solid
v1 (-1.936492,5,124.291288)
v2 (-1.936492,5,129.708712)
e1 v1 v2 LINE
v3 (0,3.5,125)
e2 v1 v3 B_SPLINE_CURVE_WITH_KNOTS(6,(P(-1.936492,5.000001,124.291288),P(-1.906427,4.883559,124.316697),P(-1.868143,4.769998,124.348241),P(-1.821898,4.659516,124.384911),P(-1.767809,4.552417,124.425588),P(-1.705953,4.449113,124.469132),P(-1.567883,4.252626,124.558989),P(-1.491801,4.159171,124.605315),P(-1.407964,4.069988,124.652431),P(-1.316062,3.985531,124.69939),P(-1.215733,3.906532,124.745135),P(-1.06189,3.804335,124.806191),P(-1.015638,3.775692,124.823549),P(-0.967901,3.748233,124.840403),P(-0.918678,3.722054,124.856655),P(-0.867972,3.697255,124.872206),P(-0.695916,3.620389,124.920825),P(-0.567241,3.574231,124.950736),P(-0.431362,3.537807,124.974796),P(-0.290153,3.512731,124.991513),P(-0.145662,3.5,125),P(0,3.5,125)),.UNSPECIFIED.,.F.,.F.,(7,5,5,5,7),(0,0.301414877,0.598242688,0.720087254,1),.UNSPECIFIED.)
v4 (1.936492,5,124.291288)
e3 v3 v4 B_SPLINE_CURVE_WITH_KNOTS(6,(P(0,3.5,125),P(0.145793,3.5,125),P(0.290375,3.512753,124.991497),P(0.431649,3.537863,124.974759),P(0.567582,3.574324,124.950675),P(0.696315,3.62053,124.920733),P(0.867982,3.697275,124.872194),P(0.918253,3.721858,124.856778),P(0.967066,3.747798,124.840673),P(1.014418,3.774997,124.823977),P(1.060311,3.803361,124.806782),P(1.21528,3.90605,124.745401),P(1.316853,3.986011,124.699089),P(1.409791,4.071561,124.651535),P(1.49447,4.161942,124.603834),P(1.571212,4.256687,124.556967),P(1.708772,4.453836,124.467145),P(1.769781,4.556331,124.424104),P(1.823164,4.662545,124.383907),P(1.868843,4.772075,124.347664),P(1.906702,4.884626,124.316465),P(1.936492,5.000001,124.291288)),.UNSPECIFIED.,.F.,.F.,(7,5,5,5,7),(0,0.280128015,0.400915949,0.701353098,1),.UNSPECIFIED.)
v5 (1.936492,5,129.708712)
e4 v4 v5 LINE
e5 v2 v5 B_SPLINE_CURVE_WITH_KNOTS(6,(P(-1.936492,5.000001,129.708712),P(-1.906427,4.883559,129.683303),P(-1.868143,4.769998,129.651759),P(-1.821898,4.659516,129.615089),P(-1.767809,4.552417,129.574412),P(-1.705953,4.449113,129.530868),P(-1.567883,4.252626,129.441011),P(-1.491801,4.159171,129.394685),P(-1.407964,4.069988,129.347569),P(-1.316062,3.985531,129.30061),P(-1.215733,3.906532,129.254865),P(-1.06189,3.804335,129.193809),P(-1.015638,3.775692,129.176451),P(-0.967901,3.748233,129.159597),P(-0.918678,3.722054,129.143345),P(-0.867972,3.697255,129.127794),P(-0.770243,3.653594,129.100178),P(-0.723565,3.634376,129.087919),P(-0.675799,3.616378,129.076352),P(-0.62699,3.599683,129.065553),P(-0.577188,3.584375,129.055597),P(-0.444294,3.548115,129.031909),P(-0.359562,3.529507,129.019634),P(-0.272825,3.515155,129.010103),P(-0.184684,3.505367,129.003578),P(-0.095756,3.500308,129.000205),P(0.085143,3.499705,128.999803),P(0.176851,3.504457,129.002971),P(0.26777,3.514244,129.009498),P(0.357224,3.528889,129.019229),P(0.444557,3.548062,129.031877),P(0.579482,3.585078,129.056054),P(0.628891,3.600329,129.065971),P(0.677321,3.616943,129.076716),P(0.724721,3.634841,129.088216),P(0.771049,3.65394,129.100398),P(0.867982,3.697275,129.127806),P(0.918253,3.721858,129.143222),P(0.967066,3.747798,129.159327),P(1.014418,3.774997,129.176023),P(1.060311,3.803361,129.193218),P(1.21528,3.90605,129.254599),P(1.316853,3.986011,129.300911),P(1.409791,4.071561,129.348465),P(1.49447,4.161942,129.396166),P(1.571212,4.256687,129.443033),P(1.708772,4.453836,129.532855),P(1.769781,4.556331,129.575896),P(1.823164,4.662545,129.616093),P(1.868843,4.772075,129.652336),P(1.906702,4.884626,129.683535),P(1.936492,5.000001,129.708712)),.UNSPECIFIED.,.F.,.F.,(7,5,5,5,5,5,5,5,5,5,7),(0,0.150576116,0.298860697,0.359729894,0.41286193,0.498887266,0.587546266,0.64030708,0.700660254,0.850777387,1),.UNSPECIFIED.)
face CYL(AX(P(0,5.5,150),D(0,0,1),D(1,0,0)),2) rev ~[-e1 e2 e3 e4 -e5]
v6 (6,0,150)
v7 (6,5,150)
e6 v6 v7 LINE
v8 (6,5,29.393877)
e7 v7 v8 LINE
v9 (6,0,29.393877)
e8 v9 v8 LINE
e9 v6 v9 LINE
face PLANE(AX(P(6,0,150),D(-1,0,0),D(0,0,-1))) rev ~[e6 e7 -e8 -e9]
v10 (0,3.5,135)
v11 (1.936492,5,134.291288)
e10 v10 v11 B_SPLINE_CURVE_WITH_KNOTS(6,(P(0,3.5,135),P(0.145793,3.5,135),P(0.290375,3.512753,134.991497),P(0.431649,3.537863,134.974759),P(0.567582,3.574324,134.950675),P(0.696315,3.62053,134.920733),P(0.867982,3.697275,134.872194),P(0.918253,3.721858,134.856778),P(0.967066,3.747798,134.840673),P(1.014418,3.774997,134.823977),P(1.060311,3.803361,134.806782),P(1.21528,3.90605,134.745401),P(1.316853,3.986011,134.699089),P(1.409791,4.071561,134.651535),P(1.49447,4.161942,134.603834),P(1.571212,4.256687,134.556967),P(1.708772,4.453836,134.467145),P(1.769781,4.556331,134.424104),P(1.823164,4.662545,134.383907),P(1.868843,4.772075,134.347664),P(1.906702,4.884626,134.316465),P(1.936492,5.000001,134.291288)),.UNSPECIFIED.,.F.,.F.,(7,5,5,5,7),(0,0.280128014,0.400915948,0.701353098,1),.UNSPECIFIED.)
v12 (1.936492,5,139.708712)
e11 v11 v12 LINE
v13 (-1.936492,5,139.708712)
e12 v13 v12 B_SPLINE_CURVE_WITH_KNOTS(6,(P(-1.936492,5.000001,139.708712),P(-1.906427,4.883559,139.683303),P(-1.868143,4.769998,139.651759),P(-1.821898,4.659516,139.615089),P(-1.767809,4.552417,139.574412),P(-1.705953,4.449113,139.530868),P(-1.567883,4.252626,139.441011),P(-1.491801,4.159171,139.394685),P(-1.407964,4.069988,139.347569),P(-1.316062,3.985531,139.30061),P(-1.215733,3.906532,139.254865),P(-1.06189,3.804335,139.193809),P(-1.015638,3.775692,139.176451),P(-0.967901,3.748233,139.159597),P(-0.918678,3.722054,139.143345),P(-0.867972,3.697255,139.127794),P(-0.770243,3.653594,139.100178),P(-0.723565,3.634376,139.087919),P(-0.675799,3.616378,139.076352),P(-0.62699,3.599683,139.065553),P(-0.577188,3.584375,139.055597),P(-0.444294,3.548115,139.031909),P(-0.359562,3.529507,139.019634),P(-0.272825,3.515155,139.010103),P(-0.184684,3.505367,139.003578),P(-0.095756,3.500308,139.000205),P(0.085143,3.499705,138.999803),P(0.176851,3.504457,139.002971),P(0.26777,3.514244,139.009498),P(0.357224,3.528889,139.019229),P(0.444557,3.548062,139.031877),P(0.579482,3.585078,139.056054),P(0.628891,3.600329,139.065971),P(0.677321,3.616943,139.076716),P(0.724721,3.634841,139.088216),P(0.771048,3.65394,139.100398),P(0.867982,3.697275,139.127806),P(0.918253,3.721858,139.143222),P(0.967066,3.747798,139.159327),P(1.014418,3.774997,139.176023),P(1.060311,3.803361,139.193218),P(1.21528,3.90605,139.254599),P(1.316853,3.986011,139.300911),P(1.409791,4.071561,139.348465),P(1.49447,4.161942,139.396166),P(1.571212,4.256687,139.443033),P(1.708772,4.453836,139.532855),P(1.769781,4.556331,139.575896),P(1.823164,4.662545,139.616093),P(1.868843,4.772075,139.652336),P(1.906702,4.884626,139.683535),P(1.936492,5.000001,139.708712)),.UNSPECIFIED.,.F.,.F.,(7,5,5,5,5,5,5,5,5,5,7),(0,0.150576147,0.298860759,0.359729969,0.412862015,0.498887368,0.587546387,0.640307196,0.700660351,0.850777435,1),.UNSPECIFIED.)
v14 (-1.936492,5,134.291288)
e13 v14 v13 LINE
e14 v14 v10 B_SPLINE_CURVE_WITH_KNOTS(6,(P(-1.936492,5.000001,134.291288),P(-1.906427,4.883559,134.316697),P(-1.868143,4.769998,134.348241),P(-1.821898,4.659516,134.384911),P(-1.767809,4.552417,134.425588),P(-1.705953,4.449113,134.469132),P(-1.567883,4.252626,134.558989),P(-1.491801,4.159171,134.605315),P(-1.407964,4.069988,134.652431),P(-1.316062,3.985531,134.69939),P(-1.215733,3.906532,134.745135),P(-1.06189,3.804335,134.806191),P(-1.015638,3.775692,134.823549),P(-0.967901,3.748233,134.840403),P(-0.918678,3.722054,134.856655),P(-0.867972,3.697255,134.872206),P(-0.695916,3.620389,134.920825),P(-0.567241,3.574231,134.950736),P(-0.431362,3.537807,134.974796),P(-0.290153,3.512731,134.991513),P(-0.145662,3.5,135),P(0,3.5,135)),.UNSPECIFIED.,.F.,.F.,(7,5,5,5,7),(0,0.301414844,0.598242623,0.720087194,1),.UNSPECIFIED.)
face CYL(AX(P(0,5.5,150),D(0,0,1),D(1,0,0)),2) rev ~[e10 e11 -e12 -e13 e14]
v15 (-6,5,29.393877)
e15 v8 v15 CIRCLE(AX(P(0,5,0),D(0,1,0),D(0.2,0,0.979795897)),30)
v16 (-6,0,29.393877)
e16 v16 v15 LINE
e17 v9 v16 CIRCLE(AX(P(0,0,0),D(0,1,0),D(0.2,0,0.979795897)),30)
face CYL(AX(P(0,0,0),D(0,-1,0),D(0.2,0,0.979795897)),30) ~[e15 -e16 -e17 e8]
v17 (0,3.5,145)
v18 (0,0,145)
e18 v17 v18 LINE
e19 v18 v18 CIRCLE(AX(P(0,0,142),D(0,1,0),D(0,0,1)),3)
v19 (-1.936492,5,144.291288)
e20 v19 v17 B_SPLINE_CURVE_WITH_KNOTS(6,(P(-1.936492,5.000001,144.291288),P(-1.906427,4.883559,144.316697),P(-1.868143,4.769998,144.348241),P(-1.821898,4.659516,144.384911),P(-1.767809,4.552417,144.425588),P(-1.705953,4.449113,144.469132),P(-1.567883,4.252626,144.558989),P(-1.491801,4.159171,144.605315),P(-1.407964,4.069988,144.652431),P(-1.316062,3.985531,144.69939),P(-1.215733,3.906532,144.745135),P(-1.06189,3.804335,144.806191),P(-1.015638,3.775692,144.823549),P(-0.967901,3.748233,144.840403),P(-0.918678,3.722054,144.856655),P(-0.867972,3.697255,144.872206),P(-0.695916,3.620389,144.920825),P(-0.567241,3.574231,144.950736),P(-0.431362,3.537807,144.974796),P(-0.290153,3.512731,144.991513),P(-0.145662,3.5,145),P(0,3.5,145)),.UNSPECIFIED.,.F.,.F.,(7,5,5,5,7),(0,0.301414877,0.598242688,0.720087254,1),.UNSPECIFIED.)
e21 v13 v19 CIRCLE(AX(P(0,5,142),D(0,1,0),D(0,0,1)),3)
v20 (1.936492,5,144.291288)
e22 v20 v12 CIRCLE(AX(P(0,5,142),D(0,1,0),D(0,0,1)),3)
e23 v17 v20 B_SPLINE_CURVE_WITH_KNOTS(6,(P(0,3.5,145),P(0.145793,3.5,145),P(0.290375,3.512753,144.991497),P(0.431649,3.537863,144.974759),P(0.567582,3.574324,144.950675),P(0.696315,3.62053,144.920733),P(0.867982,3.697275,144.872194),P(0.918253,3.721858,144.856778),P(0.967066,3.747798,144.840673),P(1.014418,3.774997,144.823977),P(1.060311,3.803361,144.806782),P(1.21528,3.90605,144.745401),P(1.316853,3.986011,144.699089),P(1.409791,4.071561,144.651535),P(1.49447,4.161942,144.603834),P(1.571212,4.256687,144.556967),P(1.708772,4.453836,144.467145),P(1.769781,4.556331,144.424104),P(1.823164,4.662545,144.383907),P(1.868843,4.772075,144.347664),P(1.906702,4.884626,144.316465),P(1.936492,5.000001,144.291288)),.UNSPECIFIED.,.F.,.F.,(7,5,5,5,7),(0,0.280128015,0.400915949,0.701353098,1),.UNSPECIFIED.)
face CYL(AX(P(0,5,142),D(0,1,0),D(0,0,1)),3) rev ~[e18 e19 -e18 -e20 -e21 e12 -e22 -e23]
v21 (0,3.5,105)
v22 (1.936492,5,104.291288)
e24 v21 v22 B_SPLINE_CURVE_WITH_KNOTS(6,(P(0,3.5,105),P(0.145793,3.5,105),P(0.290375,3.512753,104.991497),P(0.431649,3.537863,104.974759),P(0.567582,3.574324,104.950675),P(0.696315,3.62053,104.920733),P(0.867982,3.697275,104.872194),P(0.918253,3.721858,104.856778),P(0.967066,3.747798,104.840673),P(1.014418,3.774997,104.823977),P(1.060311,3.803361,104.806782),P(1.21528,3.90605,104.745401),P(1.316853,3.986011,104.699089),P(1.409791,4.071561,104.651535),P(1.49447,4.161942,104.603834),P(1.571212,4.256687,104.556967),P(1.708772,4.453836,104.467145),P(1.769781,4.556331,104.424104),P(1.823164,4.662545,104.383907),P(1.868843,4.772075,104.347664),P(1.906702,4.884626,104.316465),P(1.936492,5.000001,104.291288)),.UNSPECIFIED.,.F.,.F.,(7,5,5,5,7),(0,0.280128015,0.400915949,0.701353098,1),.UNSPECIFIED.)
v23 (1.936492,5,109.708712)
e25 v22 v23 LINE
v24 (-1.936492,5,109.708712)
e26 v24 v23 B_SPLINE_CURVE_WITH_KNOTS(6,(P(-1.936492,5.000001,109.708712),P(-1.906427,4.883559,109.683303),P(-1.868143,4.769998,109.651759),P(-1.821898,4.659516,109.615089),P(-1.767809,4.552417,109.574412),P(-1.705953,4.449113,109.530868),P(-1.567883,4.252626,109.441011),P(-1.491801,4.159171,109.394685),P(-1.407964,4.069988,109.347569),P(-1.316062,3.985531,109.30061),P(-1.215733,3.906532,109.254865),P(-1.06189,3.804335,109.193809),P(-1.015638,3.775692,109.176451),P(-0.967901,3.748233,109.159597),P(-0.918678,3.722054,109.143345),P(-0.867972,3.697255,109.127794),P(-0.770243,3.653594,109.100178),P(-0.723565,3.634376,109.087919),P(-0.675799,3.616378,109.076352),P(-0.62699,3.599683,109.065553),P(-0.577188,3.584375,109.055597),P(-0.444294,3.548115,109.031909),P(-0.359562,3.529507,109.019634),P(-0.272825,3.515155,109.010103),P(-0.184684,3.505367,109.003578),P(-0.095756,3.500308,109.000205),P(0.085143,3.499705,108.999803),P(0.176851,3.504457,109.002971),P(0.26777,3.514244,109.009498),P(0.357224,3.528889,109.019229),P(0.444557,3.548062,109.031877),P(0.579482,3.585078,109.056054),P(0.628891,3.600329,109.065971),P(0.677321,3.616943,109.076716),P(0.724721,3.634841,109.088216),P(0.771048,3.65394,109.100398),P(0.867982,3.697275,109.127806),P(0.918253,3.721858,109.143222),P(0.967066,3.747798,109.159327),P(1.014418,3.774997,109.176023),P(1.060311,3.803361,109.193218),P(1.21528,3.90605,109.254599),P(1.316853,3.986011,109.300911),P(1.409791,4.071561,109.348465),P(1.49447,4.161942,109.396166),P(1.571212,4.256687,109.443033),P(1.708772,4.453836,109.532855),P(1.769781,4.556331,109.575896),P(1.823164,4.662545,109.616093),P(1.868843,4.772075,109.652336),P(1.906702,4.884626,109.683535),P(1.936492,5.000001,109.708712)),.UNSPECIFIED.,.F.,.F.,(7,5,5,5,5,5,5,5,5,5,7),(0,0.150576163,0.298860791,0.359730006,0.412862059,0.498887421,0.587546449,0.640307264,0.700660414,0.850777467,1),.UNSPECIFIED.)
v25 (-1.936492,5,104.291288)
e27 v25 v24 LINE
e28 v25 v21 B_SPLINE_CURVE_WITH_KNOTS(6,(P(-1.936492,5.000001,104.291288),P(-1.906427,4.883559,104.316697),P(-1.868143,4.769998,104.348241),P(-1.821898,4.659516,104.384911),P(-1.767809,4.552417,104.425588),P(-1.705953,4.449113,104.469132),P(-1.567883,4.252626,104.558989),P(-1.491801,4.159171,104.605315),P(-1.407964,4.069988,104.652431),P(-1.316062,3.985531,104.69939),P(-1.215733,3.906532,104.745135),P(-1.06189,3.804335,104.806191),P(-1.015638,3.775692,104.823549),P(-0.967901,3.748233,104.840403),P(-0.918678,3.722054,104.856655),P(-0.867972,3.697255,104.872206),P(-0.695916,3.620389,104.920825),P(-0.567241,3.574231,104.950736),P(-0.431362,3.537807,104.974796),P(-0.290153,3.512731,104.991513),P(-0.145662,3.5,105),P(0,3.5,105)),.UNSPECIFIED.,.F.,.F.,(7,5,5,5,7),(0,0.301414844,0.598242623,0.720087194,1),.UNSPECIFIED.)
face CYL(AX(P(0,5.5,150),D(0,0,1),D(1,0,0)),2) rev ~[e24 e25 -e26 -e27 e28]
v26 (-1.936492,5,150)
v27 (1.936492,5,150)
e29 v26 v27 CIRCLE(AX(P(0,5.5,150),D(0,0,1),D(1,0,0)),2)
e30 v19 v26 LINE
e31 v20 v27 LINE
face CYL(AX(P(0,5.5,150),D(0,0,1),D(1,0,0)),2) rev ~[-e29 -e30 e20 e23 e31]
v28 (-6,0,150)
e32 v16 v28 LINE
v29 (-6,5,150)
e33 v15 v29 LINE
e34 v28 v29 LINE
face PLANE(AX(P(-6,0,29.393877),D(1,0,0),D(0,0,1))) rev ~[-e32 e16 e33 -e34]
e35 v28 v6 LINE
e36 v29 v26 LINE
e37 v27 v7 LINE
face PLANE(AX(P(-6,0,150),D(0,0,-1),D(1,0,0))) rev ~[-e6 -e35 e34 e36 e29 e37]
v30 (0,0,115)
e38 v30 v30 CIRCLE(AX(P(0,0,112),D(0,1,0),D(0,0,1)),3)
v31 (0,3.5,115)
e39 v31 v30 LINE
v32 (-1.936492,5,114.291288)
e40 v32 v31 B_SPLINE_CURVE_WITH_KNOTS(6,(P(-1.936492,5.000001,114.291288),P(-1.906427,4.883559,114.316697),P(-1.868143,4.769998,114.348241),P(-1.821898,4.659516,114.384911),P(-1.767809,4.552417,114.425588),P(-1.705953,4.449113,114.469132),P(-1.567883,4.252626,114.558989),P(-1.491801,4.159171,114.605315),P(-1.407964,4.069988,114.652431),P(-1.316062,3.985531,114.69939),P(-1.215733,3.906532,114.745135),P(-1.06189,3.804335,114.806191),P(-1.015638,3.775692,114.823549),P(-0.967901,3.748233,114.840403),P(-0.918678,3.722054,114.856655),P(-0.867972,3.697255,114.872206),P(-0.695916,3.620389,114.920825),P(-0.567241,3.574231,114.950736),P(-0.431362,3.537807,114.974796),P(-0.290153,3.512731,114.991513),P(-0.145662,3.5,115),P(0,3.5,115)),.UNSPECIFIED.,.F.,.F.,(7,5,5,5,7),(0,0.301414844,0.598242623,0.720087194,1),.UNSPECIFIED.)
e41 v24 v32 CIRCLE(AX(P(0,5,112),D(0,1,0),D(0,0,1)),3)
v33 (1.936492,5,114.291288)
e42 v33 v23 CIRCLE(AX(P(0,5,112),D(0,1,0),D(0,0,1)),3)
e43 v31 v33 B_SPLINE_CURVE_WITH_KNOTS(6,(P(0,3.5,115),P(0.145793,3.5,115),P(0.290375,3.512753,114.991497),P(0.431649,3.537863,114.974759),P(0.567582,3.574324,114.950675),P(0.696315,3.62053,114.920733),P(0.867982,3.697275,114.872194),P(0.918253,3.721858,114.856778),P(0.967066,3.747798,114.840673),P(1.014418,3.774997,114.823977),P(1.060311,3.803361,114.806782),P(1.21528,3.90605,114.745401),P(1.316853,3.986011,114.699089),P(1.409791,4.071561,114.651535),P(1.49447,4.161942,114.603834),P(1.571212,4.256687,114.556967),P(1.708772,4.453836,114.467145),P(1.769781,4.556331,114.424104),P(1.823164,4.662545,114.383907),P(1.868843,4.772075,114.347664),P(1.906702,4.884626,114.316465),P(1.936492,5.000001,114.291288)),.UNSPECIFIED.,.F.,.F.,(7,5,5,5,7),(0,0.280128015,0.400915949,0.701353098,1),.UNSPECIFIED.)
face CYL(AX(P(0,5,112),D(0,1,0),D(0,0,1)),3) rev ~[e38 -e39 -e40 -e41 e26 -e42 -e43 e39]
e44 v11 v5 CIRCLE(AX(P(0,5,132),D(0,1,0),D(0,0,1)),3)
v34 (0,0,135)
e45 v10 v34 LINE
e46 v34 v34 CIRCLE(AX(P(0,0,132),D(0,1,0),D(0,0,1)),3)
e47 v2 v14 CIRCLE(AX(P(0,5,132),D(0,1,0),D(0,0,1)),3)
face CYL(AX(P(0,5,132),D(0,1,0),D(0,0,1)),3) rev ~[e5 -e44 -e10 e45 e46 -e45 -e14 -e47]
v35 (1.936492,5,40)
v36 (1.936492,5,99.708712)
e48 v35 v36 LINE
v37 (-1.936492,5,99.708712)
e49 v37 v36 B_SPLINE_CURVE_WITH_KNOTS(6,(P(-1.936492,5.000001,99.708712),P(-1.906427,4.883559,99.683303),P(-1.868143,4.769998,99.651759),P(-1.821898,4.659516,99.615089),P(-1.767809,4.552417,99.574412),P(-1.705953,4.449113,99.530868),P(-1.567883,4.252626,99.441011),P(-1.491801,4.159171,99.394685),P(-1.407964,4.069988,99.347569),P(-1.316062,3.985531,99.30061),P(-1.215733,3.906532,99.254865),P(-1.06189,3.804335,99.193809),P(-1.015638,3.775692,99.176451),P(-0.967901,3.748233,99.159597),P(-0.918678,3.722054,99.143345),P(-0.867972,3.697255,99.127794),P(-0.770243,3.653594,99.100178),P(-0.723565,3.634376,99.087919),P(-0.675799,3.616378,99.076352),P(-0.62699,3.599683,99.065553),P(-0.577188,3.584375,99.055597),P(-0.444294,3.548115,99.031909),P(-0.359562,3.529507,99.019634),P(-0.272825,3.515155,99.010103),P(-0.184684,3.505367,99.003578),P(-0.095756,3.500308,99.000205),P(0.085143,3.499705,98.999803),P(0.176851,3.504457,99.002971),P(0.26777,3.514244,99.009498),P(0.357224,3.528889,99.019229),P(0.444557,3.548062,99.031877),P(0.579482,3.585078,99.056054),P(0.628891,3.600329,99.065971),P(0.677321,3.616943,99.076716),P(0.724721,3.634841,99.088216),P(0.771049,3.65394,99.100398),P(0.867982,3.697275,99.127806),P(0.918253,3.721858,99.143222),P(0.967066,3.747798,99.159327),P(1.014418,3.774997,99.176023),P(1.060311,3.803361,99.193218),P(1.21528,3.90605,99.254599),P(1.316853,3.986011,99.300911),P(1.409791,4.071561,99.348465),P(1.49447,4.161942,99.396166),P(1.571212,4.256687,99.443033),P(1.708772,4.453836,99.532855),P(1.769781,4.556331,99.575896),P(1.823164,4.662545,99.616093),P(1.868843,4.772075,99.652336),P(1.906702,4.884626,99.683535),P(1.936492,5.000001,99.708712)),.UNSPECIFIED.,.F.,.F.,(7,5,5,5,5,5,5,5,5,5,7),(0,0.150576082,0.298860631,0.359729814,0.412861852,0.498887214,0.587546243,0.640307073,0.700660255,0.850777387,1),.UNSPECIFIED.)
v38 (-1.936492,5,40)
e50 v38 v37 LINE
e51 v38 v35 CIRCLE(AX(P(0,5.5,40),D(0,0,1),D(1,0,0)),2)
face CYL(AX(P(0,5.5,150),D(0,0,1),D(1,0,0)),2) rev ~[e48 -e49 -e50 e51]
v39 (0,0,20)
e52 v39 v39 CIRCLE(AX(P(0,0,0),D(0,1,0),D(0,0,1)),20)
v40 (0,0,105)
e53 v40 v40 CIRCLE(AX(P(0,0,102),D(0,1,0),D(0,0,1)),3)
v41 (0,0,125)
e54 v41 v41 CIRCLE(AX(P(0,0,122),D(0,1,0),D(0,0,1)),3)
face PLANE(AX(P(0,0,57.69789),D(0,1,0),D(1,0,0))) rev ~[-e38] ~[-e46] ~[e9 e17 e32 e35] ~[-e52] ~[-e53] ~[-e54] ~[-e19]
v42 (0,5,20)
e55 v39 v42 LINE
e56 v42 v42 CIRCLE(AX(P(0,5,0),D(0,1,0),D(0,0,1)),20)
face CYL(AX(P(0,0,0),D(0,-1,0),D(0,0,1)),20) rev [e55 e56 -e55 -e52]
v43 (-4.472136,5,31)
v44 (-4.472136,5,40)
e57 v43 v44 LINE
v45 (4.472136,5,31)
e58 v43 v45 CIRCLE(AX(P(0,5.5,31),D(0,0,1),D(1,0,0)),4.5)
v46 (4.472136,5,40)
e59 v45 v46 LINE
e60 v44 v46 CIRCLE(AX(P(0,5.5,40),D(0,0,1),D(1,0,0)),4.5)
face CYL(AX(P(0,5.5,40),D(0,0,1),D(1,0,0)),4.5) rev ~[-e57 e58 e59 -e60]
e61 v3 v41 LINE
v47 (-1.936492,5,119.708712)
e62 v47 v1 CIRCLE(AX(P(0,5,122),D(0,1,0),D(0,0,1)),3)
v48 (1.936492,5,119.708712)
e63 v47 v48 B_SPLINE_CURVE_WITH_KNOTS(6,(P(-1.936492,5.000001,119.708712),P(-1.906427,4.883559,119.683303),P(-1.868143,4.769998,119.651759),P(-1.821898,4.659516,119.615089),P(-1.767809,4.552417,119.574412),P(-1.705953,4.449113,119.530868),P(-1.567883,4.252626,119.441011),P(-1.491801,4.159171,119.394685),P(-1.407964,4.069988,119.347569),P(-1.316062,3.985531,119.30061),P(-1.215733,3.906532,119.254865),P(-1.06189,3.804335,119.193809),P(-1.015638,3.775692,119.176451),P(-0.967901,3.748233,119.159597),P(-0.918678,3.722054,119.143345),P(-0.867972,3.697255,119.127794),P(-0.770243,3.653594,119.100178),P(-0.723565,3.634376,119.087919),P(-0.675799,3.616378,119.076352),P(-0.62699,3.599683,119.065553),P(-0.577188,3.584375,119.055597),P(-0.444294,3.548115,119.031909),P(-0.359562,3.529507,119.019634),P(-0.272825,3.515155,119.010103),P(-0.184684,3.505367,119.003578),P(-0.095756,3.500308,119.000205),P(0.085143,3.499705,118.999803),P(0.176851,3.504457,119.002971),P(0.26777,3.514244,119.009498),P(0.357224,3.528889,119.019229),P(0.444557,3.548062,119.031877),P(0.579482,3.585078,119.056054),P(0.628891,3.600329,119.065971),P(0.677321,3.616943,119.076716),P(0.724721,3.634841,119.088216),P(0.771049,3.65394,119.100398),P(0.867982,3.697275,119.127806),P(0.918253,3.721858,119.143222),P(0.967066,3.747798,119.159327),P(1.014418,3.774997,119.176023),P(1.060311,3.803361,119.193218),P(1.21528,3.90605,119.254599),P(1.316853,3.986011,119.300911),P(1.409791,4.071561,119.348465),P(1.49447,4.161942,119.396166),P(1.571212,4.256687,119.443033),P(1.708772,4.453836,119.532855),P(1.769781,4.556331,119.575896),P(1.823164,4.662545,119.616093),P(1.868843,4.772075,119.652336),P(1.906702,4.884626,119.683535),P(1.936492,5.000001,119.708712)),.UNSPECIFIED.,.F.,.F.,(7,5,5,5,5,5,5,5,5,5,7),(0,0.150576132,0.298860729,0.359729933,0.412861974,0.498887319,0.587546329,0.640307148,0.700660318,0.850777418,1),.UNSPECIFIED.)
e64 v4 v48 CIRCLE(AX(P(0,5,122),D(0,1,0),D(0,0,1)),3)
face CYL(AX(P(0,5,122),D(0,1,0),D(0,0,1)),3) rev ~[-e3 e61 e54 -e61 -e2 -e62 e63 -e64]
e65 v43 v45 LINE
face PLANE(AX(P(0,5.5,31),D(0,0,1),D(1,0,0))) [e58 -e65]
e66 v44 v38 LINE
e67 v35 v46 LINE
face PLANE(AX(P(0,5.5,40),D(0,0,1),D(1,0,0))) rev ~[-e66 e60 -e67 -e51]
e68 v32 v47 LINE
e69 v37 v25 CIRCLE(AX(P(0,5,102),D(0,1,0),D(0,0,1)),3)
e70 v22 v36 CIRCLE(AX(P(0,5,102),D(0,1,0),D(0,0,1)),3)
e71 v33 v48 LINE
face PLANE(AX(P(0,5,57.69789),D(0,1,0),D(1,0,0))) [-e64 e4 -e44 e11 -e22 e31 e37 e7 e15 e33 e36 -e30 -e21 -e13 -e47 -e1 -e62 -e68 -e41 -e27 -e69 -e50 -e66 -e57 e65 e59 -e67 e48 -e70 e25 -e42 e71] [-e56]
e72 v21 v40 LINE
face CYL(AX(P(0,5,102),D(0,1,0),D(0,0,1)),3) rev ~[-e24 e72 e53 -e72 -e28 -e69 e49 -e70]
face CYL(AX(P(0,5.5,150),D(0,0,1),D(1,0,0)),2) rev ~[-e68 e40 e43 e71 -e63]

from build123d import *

# Parameters (mm, degrees)
SKETCH1_R           = 20
BOSS_EXTRUDE1_DEPTH = 5
SKETCH2_R           = 3
CUT_EXTRUDE1_DEPTH  = 10
LPATTERN1_COUNT     = 5
LPATTERN1_PITCH     = 10
SKETCH3_R           = 2
CUT_EXTRUDE2_DEPTH  = 116
CUT_EXTRUDE3_START  = -110
SKETCH4_R           = 4.5
CUT_EXTRUDE3_DEPTH  = 9


with BuildPart() as part:
    # Sketch1 → Boss-Extrude1 (new body)
    with BuildSketch(Plane(origin=(0, 0, 0), x_dir=(1, 0, 0), z_dir=(0, 1, 0))):
        with BuildLine():
            Line((-6, -29.393876913), (-6, -150))
            Line((-6, -150), (6, -150))
            Line((6, -150), (6, -29.393876913))
            ThreePointArc((6, -29.393876913), (0, 30), (-6, -29.393876913))
        make_face()
        with Locations(Location((0, 0, 0), (0, 0, 270))):
            Circle(SKETCH1_R, mode=Mode.SUBTRACT)
    extrude(amount=BOSS_EXTRUDE1_DEPTH)

    # Sketch2 → Cut-Extrude1 (cut)
    with BuildSketch(Plane(origin=(0, 5, 0), x_dir=(1, 0, 0), z_dir=(0, 1, 0))):
        with Locations(Location((0, -142, 0), (0, 0, 270))):
            Circle(SKETCH2_R)
    cut_extrude1 = extrude(amount=-CUT_EXTRUDE1_DEPTH, mode=Mode.SUBTRACT)

    # LPattern1: Cut-Extrude1 ×5
    with Locations(*[(0, 0, -i * LPATTERN1_PITCH) for i in range(1, LPATTERN1_COUNT)]):
        add(cut_extrude1, mode=Mode.SUBTRACT)

    # Sketch3 → Cut-Extrude2 (cut)
    with BuildSketch(Plane.XY.offset(150)):
        with Locations((0, 5.5)):
            Circle(SKETCH3_R)
    extrude(amount=-CUT_EXTRUDE2_DEPTH, mode=Mode.SUBTRACT)

    # Sketch4 → Cut-Extrude3 (cut)
    with BuildSketch(Plane.XY.offset(150).offset(CUT_EXTRUDE3_START)):
        with Locations((0, 5.5)):
            Circle(SKETCH4_R)
    extrude(amount=-CUT_EXTRUDE3_DEPTH, mode=Mode.SUBTRACT)


solid = part.part
